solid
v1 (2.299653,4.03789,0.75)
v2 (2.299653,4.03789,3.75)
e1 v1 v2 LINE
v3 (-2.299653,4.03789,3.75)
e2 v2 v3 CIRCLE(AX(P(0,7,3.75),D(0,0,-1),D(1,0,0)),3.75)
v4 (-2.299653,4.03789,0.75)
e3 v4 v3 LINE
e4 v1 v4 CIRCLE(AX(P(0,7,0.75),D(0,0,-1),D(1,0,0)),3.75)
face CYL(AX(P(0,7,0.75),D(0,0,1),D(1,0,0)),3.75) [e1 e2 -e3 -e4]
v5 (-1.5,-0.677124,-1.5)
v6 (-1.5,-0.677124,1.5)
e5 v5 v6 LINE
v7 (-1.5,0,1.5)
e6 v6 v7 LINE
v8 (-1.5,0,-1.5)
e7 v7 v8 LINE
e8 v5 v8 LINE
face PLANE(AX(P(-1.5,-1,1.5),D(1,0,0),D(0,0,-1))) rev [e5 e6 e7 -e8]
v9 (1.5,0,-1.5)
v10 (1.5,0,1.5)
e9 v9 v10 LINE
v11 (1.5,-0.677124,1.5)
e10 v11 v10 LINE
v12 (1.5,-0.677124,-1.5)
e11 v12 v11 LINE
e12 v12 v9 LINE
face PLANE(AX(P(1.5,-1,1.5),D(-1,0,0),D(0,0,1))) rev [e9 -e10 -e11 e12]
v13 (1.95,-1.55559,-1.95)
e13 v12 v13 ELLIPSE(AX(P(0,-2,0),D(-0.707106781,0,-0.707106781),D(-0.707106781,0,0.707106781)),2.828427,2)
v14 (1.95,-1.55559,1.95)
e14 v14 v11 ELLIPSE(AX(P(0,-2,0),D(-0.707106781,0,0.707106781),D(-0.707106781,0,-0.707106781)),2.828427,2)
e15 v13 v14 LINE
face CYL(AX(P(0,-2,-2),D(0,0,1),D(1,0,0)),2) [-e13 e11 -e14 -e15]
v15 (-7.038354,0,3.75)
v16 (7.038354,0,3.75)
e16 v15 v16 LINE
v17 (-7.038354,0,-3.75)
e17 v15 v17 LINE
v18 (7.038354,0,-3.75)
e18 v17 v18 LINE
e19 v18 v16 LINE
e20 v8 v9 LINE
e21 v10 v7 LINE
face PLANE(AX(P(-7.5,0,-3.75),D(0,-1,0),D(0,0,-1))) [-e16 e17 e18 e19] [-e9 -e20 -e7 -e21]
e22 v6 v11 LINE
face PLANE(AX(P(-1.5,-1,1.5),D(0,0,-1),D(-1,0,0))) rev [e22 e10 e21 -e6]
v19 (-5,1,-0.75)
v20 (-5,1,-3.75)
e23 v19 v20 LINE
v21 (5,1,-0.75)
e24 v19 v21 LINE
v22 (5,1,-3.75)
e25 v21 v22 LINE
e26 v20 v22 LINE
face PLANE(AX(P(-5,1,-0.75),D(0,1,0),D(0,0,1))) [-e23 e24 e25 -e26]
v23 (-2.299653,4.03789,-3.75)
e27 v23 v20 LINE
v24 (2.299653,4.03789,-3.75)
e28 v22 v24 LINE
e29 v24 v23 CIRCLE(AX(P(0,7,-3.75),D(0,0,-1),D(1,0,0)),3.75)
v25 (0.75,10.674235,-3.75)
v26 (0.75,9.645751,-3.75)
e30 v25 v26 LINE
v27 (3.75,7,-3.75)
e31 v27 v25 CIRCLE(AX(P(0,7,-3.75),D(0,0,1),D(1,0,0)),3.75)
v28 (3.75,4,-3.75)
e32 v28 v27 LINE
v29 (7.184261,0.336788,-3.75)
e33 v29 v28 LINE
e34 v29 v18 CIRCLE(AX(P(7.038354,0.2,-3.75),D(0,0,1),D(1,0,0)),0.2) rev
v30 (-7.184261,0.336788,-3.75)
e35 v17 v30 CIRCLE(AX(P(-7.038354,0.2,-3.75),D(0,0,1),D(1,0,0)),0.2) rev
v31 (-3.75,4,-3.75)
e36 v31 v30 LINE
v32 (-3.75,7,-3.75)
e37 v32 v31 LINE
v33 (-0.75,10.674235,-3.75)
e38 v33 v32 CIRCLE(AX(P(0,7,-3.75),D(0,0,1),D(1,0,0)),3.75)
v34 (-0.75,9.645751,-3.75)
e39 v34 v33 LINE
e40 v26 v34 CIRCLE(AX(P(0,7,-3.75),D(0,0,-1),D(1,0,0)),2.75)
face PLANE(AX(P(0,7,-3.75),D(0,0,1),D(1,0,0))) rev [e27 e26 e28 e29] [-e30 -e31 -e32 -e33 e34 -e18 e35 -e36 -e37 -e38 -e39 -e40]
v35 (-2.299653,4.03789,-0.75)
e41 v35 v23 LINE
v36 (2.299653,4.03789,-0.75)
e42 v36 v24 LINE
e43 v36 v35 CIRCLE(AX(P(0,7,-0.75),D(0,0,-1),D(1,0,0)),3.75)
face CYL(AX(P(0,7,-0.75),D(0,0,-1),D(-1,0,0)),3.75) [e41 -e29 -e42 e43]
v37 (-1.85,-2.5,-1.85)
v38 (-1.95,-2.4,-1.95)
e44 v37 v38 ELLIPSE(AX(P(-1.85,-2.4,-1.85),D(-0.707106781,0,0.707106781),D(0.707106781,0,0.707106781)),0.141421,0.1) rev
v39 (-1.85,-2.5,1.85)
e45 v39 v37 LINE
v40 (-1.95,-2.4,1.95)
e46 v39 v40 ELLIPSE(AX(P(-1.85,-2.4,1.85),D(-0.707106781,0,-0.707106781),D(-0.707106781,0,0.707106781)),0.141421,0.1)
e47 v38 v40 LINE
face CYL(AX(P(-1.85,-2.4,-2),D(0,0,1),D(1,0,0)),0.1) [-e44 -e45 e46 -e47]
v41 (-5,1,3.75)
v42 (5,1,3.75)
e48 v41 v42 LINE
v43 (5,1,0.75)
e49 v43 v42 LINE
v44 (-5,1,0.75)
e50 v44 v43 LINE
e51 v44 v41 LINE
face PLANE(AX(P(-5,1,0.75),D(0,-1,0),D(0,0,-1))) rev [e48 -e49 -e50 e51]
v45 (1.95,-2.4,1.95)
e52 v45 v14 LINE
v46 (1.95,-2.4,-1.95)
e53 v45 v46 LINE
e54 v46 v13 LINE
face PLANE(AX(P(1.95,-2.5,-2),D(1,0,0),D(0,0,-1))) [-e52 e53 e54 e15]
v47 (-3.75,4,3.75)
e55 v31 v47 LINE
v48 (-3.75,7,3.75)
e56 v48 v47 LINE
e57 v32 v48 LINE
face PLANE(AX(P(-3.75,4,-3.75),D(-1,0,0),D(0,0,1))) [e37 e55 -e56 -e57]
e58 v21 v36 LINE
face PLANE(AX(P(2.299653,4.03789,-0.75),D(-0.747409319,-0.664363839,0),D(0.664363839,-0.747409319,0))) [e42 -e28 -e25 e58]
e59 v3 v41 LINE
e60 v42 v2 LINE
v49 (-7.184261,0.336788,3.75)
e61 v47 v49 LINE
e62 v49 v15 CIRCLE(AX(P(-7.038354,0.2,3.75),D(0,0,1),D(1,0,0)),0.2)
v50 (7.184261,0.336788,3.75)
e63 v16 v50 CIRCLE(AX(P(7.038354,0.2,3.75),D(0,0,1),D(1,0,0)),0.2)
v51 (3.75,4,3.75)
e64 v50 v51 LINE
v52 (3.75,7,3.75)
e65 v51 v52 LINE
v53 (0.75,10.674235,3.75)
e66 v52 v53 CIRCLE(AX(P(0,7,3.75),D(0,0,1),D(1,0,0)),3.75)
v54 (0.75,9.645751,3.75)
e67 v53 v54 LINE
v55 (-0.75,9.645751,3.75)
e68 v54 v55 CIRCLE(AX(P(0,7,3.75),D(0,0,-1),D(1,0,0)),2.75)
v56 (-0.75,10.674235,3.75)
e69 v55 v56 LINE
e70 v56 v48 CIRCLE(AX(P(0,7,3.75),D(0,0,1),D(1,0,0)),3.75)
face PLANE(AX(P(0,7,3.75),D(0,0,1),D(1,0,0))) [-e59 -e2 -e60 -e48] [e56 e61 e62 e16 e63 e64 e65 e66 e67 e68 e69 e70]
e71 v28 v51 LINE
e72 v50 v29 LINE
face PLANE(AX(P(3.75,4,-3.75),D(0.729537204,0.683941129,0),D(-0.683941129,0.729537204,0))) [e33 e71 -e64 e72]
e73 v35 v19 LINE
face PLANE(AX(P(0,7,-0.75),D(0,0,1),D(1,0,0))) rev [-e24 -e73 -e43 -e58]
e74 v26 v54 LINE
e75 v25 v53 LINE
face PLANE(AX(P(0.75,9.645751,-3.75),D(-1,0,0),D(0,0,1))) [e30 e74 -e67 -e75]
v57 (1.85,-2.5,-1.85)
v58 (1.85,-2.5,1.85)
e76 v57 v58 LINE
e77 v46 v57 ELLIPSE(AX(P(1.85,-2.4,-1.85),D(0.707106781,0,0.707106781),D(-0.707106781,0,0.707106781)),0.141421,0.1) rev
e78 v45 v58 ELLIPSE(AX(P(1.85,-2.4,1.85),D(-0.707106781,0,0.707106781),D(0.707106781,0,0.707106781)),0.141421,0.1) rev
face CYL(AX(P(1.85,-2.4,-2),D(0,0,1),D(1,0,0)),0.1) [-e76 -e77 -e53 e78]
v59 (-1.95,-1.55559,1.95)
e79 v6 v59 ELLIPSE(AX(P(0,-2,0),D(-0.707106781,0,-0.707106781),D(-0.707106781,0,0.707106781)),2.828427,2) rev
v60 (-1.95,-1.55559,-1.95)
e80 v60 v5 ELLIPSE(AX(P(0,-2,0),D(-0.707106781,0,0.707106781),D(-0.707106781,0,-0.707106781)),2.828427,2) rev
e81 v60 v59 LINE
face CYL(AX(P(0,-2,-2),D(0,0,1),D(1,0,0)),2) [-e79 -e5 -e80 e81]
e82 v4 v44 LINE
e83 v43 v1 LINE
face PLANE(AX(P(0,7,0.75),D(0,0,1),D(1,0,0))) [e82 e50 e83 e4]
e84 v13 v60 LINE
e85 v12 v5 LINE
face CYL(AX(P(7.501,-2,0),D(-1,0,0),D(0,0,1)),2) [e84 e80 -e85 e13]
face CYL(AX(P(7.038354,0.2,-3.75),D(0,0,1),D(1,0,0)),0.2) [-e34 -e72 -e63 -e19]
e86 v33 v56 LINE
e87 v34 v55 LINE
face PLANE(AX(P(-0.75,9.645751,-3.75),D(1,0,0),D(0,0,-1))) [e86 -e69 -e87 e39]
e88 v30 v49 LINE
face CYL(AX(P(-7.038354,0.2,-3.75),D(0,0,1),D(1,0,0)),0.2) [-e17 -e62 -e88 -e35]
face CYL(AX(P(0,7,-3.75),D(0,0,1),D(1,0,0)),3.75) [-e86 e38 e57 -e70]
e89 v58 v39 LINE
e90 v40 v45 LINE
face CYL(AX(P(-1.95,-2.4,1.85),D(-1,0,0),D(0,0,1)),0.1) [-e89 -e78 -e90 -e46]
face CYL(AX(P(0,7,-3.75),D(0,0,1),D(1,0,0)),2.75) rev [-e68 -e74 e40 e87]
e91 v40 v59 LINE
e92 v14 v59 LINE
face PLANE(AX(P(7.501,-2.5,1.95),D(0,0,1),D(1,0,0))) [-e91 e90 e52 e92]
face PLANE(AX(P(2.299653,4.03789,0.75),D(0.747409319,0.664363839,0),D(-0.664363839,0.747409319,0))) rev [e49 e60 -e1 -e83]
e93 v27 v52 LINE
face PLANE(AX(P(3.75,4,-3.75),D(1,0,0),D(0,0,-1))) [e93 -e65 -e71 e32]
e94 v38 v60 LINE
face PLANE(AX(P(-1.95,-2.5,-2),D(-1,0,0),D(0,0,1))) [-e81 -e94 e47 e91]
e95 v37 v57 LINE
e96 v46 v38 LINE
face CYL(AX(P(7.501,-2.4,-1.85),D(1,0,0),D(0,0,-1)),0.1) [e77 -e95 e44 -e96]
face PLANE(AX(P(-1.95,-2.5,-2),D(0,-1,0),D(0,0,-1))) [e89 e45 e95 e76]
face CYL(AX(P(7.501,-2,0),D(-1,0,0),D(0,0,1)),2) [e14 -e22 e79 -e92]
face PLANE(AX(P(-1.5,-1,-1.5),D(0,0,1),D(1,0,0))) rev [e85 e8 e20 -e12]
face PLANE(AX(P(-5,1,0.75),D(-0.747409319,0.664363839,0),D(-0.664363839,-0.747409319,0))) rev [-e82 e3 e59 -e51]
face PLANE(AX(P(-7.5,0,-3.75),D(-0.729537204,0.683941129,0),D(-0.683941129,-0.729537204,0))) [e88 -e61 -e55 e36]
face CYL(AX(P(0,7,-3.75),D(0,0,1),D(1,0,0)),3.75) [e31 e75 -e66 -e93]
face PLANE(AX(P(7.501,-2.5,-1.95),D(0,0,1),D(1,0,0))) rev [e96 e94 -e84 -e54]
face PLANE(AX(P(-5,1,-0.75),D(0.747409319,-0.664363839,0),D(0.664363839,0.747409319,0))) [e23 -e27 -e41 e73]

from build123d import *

# Parameters (mm, degrees)
EXTRUDE_1_DEPTH      = 3.75
EXTRUDE_1_DEPTH_BACK = 3.75
SKETCH_2_W           = 3
SKETCH_2_H           = 3
EXTRUDE_2_DEPTH      = 1
EXTRUDE_3_DEPTH      = 2
EXTRUDE_3_DEPTH_BACK = 2
CUT_EXTRUDE_1_REACH  = 16.741
CUT_EXTRUDE_START    = -3
CUT_EXTRUDE_2_DEPTH  = 3
CUT_EXTRUDE_START_2  = -7.5
CUT_EXTRUDE_3_DEPTH  = 3
FILLET_1_R           = 0.2
FILLET_2_R           = 0.1


with BuildPart() as part:
    # 草图1 → 凸台-拉伸1 (new, two sides: drawn at the far end of the back side and taken through both)
    with BuildSketch(Plane.XY.offset(-EXTRUDE_1_DEPTH_BACK)):
        with BuildLine():
            Line((-7.5, 0), (7.5, 0))
            Line((7.5, 0), (3.75, 4))
            Line((3.75, 4), (3.75, 7))
            ThreePointArc((3.75, 7), (2.90473751, 9.371708245), (0.75, 10.674234614))
            Line((0.75, 10.674234614), (0.75, 9.645751311))
            ThreePointArc((0.75, 9.645751311), (0, 4.25), (-0.75, 9.645751311))
            Line((-0.75, 9.645751311), (-0.75, 10.674234614))
            ThreePointArc((-0.75, 10.674234614), (-2.90473751, 9.371708245), (-3.75, 7))
            Line((-3.75, 7), (-3.75, 4))
            Line((-3.75, 4), (-7.5, 0))
        make_face()
    extrude(amount=EXTRUDE_1_DEPTH + EXTRUDE_1_DEPTH_BACK)

    # 草图2 → 凸台-拉伸2 (add)
    with BuildSketch(Plane.XZ):
        Rectangle(SKETCH_2_W, SKETCH_2_H)
    extrude(amount=EXTRUDE_2_DEPTH)

    # 草图3 → 凸台-拉伸3 (add, two sides: drawn at the far end of the back side and taken through both)
    with BuildSketch(Plane.XY.offset(-EXTRUDE_3_DEPTH_BACK)):
        with BuildLine():
            Line((-1.95, -2.5), (1.95, -2.5))
            Line((1.95, -2.5), (1.95, -1.555590279))
            ThreePointArc((1.95, -1.555590279), (1.780042303, -1.088161527), (1.5, -0.677124344))
            Line((1.5, -0.677124344), (-1.5, -0.677124344))
            ThreePointArc((-1.5, -0.677124344), (-1.780042303, -1.088161527), (-1.95, -1.555590279))
            Line((-1.95, -1.555590279), (-1.95, -2.5))
        make_face()
    extrude(amount=EXTRUDE_3_DEPTH + EXTRUDE_3_DEPTH_BACK)

    # 草图4 → 切除-拉伸1 (cut, up to next)
    with BuildSketch(Plane.ZY.offset(1.95), mode=Mode.PRIVATE) as cut_extrude_1_sk1:
        with BuildLine():
            Line((-1.95, -2.5), (-1.95, -1.555590279))
            ThreePointArc((-1.95, -1.555590279), (-1.780042303, -1.088161527), (-1.5, -0.677124344))
            Line((-1.5, -0.677124344), (-2, -0.677124344))
            Line((-2, -0.677124344), (-2, -2.5))
            Line((-2, -2.5), (-1.95, -2.5))
        make_face()
    cut_extrude_1_tool1 = extrude(cut_extrude_1_sk1.sketch, amount=-CUT_EXTRUDE_1_REACH, mode=Mode.PRIVATE) & part.part
    # 草图4 → 切除-拉伸1 (cut, up to next)
    with BuildSketch(Plane.ZY.offset(1.95), mode=Mode.PRIVATE) as cut_extrude_1_sk2:
        with BuildLine():
            Line((1.95, -2.5), (1.95, -1.555590279))
            ThreePointArc((1.95, -1.555590279), (1.780042303, -1.088161527), (1.5, -0.677124344))
            Line((1.5, -0.677124344), (2, -0.677124344))
            Line((2, -0.677124344), (2, -2.5))
            Line((2, -2.5), (1.95, -2.5))
        make_face()
    cut_extrude_1_tool2 = extrude(cut_extrude_1_sk2.sketch, amount=-CUT_EXTRUDE_1_REACH, mode=Mode.PRIVATE) & part.part
    add(cut_extrude_1_tool1.solids().sort_by_distance((-1.95, -1.175075, -1.873038))[0], mode=Mode.SUBTRACT)
    add(cut_extrude_1_tool2.solids().sort_by_distance((-1.95, -1.175075, 1.873038))[0], mode=Mode.SUBTRACT)

    # 草图5 → 切除-拉伸2 (cut)
    with BuildSketch(Plane.XY.offset(3.75).offset(CUT_EXTRUDE_START)):
        with BuildLine():
            Line((-5, 1), (5, 1))
            Line((5, 1), (2.299653235, 4.03789011))
            ThreePointArc((2.299653235, 4.03789011), (0, 3.25), (-2.299653235, 4.03789011))
            Line((-2.299653235, 4.03789011), (-5, 1))
        make_face()
    extrude(amount=CUT_EXTRUDE_2_DEPTH, mode=Mode.SUBTRACT)

    # 草图5<2> → 切除-拉伸3 (cut)
    with BuildSketch(Plane.XY.offset(3.75).offset(CUT_EXTRUDE_START_2)):
        with BuildLine():
            Line((-5, 1), (5, 1))
            Line((5, 1), (2.299653235, 4.03789011))
            ThreePointArc((2.299653235, 4.03789011), (0, 3.25), (-2.299653235, 4.03789011))
            Line((-2.299653235, 4.03789011), (-5, 1))
        make_face()
    extrude(amount=CUT_EXTRUDE_3_DEPTH, mode=Mode.SUBTRACT)

    # 圆角1
    fillet_1_edges = [part.edges().sort_by_distance(p)[0] for p in [
        (7.5, 0, 0),
        (-7.5, 0, 0),
    ]]
    fillet(fillet_1_edges, radius=FILLET_1_R)

    # 圆角2
    fillet_2_edges = [part.edges().sort_by_distance(p)[0] for p in [
        (0, -2.5, 1.95),
        (-1.95, -2.5, 0),
        (1.95, -2.5, 0),
        (0, -2.5, -1.95),
    ]]
    fillet(fillet_2_edges, radius=FILLET_2_R)


solid = part.part
